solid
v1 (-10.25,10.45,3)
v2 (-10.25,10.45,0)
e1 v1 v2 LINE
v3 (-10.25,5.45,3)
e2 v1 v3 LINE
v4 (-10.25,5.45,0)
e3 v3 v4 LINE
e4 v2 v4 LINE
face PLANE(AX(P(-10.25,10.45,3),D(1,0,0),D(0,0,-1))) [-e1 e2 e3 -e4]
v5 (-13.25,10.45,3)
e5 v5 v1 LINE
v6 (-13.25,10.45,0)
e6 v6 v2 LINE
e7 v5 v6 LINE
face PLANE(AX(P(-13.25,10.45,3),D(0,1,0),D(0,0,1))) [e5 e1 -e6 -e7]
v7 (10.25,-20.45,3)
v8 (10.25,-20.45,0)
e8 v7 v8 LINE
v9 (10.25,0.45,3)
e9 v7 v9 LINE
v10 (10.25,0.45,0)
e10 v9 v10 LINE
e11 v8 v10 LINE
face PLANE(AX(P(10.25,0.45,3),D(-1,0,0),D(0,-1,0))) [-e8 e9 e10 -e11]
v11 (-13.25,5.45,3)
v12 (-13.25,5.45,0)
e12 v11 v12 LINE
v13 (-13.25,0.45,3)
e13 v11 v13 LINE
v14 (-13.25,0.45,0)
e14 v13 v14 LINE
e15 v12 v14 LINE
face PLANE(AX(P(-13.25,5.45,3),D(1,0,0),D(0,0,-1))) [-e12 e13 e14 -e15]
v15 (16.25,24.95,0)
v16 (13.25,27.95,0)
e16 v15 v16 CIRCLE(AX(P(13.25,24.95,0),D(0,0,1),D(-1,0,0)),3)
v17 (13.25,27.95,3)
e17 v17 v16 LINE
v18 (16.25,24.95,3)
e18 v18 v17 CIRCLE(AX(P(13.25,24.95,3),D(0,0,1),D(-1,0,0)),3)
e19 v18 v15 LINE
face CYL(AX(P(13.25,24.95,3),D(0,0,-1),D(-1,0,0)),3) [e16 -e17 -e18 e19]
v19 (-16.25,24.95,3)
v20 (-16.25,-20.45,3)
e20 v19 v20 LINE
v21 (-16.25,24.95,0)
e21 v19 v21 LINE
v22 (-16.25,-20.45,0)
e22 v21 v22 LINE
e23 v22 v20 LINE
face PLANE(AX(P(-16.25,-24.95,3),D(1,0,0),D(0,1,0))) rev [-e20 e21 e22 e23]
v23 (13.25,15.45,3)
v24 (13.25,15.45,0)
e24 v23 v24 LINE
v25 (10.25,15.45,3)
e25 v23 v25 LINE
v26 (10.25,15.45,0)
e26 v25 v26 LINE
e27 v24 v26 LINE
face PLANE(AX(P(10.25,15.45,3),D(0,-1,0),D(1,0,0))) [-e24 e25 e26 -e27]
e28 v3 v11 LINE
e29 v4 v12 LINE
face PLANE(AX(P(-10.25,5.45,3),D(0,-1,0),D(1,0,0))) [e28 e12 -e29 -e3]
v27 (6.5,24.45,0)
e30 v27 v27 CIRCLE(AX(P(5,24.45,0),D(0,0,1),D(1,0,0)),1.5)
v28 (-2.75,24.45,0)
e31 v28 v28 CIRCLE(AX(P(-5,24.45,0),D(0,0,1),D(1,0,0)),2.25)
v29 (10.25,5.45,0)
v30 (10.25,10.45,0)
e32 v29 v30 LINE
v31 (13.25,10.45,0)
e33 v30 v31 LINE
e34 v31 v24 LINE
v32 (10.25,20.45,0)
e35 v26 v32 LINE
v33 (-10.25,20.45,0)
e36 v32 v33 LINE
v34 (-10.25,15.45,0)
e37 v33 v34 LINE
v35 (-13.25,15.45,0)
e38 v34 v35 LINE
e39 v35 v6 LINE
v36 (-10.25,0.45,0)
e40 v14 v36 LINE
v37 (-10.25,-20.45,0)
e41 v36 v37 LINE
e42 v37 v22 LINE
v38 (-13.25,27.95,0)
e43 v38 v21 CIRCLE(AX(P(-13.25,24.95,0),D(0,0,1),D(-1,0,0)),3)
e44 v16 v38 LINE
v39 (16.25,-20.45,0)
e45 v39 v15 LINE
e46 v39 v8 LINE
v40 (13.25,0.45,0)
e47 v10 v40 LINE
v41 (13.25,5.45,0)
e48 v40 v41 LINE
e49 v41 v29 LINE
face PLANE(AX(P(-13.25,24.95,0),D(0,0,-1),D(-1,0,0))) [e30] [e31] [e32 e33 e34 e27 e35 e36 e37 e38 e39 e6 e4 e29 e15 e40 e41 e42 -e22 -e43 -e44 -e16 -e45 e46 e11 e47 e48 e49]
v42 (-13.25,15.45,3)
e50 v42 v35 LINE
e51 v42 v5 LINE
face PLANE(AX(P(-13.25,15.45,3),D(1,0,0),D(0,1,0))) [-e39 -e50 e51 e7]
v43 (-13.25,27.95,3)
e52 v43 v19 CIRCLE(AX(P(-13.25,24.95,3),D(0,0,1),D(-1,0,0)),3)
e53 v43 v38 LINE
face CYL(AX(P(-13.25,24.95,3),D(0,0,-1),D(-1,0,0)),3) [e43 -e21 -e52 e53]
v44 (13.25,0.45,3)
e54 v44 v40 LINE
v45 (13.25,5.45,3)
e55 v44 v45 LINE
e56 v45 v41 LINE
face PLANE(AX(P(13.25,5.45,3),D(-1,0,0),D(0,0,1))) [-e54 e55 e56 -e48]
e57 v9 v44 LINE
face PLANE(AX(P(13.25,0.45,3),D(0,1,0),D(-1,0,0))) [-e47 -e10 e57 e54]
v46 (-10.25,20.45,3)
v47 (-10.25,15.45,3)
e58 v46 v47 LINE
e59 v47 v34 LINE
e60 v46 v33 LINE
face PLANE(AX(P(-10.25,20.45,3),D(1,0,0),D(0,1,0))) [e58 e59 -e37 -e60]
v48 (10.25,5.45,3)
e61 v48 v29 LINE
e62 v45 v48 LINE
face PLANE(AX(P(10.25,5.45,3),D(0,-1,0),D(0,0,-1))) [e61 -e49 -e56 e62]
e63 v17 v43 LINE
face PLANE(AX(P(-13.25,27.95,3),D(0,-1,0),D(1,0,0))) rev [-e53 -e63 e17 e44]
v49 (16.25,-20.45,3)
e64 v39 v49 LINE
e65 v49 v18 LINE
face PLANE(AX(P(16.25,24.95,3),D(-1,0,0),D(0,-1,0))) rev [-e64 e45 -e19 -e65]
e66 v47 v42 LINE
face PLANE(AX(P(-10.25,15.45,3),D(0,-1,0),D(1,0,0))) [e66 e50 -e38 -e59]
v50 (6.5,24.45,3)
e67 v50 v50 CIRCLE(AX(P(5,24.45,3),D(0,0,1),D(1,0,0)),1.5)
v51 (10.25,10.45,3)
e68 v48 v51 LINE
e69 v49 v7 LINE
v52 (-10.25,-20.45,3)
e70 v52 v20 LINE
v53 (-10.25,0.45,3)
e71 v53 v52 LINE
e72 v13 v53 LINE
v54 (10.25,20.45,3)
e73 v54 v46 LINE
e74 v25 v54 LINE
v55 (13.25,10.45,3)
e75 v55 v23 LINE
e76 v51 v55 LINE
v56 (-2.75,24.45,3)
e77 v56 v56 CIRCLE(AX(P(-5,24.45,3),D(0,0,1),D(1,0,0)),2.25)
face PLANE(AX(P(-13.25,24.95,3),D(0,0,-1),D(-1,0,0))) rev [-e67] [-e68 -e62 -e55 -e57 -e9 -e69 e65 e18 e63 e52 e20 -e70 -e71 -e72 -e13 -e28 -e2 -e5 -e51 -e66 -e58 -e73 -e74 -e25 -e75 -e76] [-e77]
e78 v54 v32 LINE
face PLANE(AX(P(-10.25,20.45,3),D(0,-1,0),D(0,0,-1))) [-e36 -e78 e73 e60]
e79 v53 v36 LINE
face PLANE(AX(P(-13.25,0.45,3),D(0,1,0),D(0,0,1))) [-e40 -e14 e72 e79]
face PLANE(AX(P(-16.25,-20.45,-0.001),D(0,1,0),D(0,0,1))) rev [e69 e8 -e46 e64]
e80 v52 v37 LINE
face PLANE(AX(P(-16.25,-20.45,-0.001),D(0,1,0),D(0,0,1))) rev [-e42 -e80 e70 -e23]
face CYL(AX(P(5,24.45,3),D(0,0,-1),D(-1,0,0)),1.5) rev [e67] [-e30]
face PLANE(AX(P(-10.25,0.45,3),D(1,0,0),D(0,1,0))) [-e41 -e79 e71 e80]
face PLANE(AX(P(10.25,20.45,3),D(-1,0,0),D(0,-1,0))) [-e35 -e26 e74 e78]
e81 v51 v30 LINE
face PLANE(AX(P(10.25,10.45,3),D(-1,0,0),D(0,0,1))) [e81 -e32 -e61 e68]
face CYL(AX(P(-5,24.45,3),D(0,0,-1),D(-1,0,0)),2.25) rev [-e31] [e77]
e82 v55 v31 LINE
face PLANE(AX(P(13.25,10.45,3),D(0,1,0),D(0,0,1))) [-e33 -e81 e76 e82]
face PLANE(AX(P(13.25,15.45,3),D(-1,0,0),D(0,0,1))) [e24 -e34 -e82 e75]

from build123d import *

# Parameters (mm, degrees)
SKETCH1_R             = 2.25
SKETCH1_R_2           = 1.5
BOSS_EXTRUDE1_DEPTH   = 3
CORTAR_EXTRUIR1_REACH = 34.469
CROQUIS1_W            = 32.5
CROQUIS1_H            = 7.5


with BuildPart() as part:
    # Sketch1 → Boss-Extrude1 (new body)
    with BuildSketch(Plane.XY):
        with BuildLine():
            Line((-13.25, 27.95), (13.25, 27.95))
            ThreePointArc((13.25, 27.95), (15.371320344, 27.071320344), (16.25, 24.95))
            Line((16.25, 24.95), (16.25, -24.95))
            ThreePointArc((16.25, -24.95), (15.371320344, -27.071320344), (13.25, -27.95))
            Line((13.25, -27.95), (-13.25, -27.95))
            ThreePointArc((-13.25, -27.95), (-15.371320344, -27.071320344), (-16.25, -24.95))
            Line((-16.25, -24.95), (-16.25, 24.95))
            ThreePointArc((-16.25, 24.95), (-15.371320344, 27.071320344), (-13.25, 27.95))
        make_face()
        with Locations((-5, 24.45)):
            Circle(SKETCH1_R, mode=Mode.SUBTRACT)
        with Locations((5, 24.45)):
            Circle(SKETCH1_R_2, mode=Mode.SUBTRACT)
        with Locations(Location((5, -24.45, 0), (0, 0, 180))):
            Circle(SKETCH1_R_2, mode=Mode.SUBTRACT)
        with Locations(Location((-5, -24.45, 0), (0, 0, 180))):
            Circle(SKETCH1_R, mode=Mode.SUBTRACT)
        Polygon((-10.25, 20.45), (10.25, 20.45), (10.25, 15.45), (13.25, 15.45), (13.25, 10.45), (10.25, 10.45), (10.25, 5.45), (13.25, 5.45), (13.25, 0.45), (10.25, 0.45), (10.25, -20.45), (-10.25, -20.45), (-10.25, 0.45), (-13.25, 0.45), (-13.25, 5.45), (-10.25, 5.45), (-10.25, 10.45), (-13.25, 10.45), (-13.25, 15.45), (-10.25, 15.45), align=None, mode=Mode.SUBTRACT)
    extrude(amount=BOSS_EXTRUDE1_DEPTH)

    # Croquis1 → Cortar-Extruir1 (cut, up to next)
    with BuildSketch(Plane.XY.offset(3), mode=Mode.PRIVATE) as cortar_extruir1_sk1:
        with Locations((0, -24.2)):
            Rectangle(CROQUIS1_W, CROQUIS1_H)
    cortar_extruir1_tool1 = extrude(cortar_extruir1_sk1.sketch, amount=-CORTAR_EXTRUIR1_REACH, mode=Mode.PRIVATE) & part.part
    add(cortar_extruir1_tool1.solids().sort_by_distance((0, -24.2, 3))[0], mode=Mode.SUBTRACT)


solid = part.part
